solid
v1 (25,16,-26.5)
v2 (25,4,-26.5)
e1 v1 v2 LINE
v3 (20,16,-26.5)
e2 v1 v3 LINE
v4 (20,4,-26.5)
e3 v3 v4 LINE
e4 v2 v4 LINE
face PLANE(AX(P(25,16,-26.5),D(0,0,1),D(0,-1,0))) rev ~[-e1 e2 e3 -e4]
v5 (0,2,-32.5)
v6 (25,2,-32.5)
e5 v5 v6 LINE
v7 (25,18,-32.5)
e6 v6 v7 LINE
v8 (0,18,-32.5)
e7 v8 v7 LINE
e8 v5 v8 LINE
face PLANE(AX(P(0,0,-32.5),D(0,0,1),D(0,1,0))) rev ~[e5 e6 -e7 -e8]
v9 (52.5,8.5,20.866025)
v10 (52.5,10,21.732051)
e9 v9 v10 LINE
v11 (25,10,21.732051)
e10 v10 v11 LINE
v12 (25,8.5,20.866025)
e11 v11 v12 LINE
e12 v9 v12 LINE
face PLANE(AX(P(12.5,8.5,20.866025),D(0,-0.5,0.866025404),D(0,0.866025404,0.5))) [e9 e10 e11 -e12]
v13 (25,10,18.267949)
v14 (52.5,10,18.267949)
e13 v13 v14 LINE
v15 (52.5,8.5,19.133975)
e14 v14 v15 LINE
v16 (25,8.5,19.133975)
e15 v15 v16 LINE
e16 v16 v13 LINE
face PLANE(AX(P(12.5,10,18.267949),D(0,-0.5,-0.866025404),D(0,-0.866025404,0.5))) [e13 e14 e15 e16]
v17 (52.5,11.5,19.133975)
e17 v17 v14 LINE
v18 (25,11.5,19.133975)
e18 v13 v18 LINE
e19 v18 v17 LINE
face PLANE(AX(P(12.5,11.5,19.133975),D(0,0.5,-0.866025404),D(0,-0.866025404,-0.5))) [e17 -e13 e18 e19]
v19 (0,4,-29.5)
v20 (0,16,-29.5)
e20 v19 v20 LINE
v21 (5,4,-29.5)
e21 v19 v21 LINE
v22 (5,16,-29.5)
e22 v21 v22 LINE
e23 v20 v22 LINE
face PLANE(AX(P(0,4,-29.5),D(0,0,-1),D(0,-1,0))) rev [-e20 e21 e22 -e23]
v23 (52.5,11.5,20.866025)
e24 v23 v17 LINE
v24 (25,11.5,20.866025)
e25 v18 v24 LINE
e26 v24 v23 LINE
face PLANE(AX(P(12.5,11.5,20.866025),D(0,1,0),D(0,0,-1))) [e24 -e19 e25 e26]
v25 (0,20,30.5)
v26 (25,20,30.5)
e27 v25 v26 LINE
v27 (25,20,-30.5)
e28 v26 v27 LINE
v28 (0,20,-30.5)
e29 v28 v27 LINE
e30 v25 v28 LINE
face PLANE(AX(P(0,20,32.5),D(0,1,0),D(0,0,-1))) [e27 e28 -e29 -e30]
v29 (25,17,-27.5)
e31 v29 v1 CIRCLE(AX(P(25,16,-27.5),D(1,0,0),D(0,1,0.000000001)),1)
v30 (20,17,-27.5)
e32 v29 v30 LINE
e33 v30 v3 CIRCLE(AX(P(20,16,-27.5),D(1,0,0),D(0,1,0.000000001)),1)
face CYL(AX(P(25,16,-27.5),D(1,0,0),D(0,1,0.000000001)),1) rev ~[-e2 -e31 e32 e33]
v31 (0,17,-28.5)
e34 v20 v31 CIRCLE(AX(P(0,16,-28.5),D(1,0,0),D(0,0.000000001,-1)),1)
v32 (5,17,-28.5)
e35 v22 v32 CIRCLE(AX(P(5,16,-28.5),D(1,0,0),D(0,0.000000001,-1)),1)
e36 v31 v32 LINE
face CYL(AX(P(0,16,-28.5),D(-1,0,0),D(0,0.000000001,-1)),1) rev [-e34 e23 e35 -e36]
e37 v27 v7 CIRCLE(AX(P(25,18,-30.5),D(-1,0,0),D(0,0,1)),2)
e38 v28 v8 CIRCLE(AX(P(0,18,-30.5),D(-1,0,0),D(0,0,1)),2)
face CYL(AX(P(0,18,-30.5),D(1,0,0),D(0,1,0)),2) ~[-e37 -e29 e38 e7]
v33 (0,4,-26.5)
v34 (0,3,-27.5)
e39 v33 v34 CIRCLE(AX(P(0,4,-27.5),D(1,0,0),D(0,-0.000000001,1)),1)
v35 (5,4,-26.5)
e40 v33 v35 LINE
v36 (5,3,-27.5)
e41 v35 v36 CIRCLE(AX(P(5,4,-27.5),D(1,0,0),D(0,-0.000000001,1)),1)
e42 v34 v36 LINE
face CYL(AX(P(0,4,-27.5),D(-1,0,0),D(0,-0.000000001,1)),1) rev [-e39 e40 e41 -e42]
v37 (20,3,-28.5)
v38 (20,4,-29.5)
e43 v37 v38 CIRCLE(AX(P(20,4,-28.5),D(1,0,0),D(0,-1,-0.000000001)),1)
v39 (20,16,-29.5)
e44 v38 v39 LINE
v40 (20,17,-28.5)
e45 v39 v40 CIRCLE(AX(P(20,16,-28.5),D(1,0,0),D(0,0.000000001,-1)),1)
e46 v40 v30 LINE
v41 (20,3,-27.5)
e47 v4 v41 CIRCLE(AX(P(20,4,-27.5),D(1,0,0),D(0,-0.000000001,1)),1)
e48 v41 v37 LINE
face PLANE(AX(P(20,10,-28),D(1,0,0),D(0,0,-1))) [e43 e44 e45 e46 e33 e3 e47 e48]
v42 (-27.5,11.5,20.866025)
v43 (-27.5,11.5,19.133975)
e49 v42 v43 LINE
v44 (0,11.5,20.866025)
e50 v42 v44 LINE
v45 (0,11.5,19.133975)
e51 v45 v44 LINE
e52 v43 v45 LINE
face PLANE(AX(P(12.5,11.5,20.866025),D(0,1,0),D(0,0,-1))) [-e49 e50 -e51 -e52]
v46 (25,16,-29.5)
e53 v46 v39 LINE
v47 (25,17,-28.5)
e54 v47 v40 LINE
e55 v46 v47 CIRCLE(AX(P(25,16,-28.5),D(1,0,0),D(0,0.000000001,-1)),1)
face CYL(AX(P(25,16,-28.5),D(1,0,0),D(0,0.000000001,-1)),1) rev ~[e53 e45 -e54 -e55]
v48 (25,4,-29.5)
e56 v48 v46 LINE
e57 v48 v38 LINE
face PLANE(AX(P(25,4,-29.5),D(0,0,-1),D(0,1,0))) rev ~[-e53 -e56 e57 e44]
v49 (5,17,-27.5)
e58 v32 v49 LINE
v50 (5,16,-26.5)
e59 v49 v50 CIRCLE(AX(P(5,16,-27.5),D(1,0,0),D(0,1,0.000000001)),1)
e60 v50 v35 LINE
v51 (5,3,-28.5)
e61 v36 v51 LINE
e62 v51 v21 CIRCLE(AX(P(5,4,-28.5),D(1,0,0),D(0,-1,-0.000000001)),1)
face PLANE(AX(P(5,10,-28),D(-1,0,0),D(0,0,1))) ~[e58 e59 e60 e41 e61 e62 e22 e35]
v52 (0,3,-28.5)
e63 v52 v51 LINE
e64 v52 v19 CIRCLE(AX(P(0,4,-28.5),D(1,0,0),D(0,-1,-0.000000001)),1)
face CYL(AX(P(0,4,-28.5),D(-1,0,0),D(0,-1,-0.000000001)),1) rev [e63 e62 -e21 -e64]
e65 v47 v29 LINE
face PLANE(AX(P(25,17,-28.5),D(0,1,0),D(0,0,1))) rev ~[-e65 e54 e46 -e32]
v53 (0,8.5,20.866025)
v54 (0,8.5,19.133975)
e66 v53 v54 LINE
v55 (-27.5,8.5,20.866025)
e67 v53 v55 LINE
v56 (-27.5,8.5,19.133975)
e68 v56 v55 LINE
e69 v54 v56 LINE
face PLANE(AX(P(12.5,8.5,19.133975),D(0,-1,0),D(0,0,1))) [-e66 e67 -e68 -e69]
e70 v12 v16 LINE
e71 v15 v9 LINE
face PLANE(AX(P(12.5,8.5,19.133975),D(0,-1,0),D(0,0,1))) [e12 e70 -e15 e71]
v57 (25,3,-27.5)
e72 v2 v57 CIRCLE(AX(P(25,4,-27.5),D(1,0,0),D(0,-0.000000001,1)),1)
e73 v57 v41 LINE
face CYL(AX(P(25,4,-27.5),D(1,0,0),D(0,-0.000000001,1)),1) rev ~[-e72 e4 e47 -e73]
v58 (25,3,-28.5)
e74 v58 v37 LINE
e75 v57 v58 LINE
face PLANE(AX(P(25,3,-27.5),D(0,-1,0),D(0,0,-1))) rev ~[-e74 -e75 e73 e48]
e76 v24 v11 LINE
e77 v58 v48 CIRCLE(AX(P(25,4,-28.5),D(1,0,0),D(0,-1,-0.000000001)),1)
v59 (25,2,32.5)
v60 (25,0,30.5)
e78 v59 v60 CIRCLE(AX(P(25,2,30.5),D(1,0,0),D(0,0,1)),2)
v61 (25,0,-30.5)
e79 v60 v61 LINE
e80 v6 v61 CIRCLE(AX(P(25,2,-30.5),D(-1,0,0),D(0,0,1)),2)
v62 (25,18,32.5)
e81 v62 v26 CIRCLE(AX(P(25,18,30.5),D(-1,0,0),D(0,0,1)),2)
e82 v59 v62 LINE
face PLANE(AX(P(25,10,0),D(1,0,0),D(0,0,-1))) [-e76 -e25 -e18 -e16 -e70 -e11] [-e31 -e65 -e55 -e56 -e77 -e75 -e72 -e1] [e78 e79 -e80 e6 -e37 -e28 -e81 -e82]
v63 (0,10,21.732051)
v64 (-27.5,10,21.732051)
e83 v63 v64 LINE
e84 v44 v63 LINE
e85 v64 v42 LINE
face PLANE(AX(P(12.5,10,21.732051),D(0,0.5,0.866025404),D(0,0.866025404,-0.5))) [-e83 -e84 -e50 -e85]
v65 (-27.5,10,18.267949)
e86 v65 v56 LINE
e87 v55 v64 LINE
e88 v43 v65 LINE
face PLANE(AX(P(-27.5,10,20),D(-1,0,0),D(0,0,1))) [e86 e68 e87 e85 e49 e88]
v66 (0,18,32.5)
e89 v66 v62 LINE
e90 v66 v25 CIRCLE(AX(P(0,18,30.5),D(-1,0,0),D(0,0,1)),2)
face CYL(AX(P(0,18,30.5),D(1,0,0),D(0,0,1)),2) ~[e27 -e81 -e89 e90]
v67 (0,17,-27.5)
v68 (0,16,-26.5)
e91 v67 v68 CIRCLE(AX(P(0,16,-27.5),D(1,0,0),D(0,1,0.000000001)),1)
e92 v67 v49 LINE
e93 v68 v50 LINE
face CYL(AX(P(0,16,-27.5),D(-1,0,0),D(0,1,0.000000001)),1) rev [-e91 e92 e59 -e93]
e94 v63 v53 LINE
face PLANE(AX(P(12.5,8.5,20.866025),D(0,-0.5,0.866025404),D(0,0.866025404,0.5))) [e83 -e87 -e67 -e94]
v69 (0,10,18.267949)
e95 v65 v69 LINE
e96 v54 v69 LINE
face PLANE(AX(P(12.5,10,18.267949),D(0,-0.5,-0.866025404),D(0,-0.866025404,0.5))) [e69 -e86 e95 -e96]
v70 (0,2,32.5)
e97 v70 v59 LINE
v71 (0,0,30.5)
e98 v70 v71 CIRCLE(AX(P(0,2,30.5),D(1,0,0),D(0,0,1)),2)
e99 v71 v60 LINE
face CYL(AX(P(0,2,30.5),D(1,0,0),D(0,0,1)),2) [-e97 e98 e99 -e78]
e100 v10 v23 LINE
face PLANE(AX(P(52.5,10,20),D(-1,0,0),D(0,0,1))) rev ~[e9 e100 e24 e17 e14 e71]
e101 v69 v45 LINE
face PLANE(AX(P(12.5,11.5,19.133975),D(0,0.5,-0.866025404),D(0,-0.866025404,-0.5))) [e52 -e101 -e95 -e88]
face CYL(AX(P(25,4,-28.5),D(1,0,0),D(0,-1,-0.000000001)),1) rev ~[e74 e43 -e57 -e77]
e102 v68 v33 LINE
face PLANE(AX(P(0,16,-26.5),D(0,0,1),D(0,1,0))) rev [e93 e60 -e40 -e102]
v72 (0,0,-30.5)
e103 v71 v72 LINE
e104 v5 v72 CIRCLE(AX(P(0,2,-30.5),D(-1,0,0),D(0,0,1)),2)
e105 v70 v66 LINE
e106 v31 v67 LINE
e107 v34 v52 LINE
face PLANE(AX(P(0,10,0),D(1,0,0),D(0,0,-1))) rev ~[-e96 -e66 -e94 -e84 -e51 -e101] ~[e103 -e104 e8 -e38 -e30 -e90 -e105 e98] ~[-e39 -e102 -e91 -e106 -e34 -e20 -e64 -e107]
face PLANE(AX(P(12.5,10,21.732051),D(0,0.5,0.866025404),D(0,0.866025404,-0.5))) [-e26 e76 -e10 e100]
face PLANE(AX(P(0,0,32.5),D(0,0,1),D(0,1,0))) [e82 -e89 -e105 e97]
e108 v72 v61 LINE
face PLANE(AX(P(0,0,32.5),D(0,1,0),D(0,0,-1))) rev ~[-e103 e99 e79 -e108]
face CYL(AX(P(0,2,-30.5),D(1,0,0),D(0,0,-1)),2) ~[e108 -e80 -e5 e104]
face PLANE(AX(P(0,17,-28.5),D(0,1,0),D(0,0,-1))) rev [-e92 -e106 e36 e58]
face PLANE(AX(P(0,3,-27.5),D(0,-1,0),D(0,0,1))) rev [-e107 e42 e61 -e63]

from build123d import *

# Parameters (mm, degrees)
SKETCH_1_W          = 65
SKETCH_1_H          = 20
EXTRUDE_1_DEPTH     = 25
FILLET_1_R          = 2
FILLET_2_R          = 2
FILLET_3_R          = 2
FILLET_4_R          = 2
EXTRUDE_2_DEPTH     = 40
CUT_EXTRUDE_1_DEPTH = 5


with BuildPart() as part:
    # 草图1 → 凸台-拉伸1 (new body)
    with BuildSketch(Plane(origin=(0, 0, 0), x_dir=(0, 0, -1), z_dir=(1, 0, 0))):
        with Locations((0, 10)):
            Rectangle(SKETCH_1_W, SKETCH_1_H)
    extrude(amount=EXTRUDE_1_DEPTH)

    # 圆角1
    fillet_1_edges = [part.edges().sort_by_distance(p)[0] for p in [
        (12.5, 20, 32.5),
    ]]
    fillet(fillet_1_edges, radius=FILLET_1_R)

    # 圆角2
    fillet_2_edges = [part.edges().sort_by_distance(p)[0] for p in [
        (12.5, 0, 32.5),
    ]]
    fillet(fillet_2_edges, radius=FILLET_2_R)

    # 圆角3
    fillet_3_edges = [part.edges().sort_by_distance(p)[0] for p in [
        (12.5, 20, -32.5),
    ]]
    fillet(fillet_3_edges, radius=FILLET_3_R)

    # 圆角4
    fillet_4_edges = [part.edges().sort_by_distance(p)[0] for p in [
        (12.5, 0, -32.5),
    ]]
    fillet(fillet_4_edges, radius=FILLET_4_R)

    # 草图3 → 凸台-拉伸2 (add, symmetric)
    with BuildSketch(Plane.ZY.offset(-12.5)):
        Polygon((18.267949192, 10), (19.133974596, 8.5), (20.866025404, 8.5), (21.732050808, 10), (20.866025404, 11.5), (19.133974596, 11.5), align=None)
    extrude(amount=EXTRUDE_2_DEPTH, both=True)

    # 草图4 → 切除-拉伸1 (cut)
    with BuildSketch(Plane.ZY.offset(-25)):
        with BuildLine():
            Line((-29.5, 4), (-29.5, 16))
            ThreePointArc((-29.5, 16), (-29.207106781, 16.707106781), (-28.5, 17))
            Line((-28.5, 17), (-27.5, 17))
            ThreePointArc((-27.5, 17), (-26.792893219, 16.707106781), (-26.5, 16))
            Line((-26.5, 16), (-26.5, 4))
            ThreePointArc((-26.5, 4), (-26.792893219, 3.292893219), (-27.5, 3))
            Line((-27.5, 3), (-28.5, 3))
            ThreePointArc((-28.5, 3), (-29.207106781, 3.292893219), (-29.5, 4))
        make_face()
    cut_extrude_1 = extrude(amount=CUT_EXTRUDE_1_DEPTH, mode=Mode.SUBTRACT)

    # 镜向1: 切除-拉伸1 across plane
    add(cut_extrude_1.mirror(Plane.ZY.offset(-12.5)), mode=Mode.SUBTRACT)


solid = part.part
